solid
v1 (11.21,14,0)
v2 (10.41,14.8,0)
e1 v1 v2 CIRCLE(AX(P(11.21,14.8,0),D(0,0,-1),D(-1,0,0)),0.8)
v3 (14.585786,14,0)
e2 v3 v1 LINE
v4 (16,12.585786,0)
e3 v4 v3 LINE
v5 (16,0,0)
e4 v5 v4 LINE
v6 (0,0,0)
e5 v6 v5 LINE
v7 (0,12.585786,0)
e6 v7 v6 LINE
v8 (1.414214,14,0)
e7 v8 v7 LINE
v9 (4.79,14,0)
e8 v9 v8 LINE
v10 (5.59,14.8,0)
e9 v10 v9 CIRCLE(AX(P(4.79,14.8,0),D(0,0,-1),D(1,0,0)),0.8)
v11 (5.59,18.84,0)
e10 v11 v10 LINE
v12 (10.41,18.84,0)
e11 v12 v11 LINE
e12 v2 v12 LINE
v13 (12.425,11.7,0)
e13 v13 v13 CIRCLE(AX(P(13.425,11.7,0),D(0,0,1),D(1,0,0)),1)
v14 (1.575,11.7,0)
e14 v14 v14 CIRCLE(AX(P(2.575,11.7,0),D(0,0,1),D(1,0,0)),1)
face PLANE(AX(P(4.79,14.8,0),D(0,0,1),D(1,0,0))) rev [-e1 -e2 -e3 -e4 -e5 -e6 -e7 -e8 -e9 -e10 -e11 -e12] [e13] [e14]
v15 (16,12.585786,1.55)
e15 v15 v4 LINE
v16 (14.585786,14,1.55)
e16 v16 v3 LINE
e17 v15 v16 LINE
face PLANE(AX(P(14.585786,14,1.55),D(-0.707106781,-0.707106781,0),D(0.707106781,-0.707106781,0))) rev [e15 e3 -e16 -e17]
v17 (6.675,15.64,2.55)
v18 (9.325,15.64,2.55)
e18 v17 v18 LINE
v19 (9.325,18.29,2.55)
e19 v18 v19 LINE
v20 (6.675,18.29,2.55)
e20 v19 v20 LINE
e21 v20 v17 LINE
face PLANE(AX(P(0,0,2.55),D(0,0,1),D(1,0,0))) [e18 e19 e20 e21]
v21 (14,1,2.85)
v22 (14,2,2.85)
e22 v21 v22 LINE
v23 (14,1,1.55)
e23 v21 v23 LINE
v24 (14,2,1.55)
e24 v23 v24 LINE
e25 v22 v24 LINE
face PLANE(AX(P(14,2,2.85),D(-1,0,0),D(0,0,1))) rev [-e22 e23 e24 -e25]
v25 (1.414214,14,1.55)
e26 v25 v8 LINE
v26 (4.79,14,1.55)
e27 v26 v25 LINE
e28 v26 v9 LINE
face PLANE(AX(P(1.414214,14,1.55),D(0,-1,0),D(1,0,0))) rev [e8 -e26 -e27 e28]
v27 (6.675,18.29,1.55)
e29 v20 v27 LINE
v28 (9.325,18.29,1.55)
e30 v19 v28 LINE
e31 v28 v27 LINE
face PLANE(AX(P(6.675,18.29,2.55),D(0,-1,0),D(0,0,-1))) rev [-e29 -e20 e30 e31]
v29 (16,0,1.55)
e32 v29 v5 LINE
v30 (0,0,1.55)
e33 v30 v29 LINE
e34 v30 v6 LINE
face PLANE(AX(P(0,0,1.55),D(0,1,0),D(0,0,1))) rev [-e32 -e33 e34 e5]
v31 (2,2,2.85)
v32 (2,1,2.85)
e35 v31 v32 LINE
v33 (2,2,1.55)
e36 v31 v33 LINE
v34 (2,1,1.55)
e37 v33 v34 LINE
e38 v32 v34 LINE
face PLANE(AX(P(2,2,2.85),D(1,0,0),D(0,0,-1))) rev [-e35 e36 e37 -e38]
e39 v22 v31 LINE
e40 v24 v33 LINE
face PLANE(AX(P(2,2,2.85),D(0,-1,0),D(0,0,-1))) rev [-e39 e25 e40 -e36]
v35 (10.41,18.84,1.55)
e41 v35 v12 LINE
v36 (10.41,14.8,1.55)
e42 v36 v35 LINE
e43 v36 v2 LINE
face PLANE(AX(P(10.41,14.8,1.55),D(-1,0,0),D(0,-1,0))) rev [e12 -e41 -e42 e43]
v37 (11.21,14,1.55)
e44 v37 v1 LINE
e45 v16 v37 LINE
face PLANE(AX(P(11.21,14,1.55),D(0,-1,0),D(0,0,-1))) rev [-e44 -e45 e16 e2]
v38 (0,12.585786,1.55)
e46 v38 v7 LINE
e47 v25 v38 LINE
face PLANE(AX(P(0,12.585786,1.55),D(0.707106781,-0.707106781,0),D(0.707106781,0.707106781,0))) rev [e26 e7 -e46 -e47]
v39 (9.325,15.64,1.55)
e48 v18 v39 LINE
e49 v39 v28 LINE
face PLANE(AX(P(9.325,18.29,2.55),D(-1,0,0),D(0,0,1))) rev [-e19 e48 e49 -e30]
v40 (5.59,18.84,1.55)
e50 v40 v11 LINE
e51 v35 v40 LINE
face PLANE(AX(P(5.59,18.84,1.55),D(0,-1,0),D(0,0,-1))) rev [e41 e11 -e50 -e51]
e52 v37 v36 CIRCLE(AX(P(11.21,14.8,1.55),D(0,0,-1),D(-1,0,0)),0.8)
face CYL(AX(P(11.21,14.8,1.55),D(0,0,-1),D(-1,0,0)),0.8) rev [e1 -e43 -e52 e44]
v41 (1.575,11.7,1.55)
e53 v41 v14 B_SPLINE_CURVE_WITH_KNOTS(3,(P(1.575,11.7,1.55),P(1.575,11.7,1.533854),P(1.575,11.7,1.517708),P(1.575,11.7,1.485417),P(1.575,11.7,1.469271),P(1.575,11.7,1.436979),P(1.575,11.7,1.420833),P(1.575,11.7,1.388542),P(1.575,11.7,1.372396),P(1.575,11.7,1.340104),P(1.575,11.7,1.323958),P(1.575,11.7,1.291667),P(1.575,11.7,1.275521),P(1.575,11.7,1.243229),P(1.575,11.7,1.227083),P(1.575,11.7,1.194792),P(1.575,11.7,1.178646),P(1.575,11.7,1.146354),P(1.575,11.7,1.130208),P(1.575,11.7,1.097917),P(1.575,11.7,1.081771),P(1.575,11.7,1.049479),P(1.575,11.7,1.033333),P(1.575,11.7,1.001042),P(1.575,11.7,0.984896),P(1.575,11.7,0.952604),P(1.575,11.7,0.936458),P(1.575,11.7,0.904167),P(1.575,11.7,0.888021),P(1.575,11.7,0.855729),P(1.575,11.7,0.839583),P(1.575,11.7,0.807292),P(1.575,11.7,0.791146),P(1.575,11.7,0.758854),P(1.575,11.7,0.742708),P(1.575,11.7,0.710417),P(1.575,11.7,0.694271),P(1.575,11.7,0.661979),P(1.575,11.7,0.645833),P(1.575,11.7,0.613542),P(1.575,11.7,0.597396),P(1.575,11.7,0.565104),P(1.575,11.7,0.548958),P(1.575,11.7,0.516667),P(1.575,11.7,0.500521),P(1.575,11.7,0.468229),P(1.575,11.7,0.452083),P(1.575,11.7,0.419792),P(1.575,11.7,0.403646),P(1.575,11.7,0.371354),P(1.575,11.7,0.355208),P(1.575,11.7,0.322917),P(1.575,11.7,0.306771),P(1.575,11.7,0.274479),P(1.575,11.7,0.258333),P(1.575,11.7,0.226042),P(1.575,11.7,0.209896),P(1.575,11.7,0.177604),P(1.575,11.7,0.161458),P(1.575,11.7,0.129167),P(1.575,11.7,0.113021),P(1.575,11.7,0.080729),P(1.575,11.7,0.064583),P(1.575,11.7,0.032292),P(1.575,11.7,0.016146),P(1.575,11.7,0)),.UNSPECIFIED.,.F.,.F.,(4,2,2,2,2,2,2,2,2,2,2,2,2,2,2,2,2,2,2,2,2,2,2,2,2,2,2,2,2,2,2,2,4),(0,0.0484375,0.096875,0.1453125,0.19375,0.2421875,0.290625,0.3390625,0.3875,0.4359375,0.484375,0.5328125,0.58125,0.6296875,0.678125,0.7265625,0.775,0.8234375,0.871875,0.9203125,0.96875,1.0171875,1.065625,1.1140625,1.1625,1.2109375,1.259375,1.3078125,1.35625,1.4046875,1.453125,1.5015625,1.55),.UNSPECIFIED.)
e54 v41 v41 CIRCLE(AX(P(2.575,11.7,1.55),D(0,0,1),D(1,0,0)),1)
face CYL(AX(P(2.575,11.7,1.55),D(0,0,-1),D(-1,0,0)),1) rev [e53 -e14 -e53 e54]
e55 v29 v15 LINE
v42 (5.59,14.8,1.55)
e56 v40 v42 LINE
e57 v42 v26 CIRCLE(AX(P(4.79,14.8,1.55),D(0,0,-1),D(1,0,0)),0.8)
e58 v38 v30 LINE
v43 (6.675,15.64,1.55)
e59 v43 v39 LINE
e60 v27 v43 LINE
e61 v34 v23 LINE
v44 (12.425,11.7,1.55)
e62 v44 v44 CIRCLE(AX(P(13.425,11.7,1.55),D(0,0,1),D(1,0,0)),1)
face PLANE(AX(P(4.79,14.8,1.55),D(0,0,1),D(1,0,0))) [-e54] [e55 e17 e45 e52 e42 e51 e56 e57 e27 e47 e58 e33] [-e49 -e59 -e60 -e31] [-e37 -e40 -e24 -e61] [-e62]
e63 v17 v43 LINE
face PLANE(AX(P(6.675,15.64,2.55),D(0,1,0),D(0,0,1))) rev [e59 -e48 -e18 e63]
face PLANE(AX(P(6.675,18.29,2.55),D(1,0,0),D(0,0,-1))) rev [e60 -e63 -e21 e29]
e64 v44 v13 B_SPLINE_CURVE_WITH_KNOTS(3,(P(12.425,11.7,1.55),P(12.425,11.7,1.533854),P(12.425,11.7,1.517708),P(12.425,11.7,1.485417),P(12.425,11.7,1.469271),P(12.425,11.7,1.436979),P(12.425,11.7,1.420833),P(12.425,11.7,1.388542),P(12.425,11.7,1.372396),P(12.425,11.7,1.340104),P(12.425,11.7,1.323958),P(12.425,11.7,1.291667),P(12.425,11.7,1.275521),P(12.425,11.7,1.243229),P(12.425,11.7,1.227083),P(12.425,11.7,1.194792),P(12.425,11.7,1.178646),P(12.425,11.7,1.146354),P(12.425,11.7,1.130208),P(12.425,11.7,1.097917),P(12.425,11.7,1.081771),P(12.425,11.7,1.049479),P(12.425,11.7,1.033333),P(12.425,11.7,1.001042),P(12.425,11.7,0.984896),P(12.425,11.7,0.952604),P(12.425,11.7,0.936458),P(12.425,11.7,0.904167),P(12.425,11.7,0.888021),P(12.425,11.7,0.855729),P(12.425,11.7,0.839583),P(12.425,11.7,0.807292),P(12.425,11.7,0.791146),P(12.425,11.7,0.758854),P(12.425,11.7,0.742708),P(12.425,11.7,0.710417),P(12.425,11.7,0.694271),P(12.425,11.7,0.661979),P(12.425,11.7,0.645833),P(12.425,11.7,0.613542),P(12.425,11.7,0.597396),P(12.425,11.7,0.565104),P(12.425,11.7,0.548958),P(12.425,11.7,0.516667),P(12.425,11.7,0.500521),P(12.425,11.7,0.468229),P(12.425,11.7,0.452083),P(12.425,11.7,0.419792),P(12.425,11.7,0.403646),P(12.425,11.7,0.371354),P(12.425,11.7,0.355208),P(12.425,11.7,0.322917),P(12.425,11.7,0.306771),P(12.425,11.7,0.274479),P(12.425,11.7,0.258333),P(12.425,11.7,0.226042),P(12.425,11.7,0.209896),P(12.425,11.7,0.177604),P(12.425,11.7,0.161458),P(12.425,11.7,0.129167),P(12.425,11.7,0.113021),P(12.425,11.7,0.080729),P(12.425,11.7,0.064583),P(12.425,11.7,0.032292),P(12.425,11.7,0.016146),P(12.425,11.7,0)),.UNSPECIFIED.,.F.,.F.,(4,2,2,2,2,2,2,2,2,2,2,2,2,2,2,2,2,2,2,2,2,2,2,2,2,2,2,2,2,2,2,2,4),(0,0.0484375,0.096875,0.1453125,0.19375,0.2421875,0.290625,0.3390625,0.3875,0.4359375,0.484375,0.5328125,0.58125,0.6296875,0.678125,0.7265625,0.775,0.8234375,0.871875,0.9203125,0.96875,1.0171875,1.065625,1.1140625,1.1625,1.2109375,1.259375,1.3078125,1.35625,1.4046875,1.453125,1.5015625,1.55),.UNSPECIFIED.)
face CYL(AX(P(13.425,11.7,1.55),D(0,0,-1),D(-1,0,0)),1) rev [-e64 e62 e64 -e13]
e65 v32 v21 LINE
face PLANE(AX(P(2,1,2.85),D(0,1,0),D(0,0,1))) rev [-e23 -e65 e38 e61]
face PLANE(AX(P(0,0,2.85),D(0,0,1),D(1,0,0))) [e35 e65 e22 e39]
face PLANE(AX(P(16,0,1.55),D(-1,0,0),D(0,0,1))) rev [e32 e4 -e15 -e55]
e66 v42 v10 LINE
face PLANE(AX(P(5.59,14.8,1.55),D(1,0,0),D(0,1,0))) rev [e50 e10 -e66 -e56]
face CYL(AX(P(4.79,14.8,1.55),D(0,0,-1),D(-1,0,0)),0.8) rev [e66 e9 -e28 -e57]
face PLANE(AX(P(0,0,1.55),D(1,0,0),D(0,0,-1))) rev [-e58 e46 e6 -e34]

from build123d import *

# Parameters (mm, degrees)
SKETCH1_R           = 1
BOSS_EXTRUDE1_DEPTH = 1.55
SKETCH2_W           = 2.65
SKETCH2_H           = 2.65
BOSS_EXTRUDE2_DEPTH = 1
SKETCH3_W           = 12
SKETCH3_H           = 1
BOSS_EXTRUDE3_DEPTH = 1.3


with BuildPart() as part:
    # Sketch1 → Boss-Extrude1 (new body)
    with BuildSketch(Plane.XY):
        with BuildLine():
            Line((11.21, 14), (14.585786438, 14))
            Line((14.585786438, 14), (16, 12.585786438))
            Line((16, 12.585786438), (16, 0))
            Line((16, 0), (0, 0))
            Line((0, 0), (0, 12.585786438))
            Line((0, 12.585786438), (1.414213562, 14))
            Line((1.414213562, 14), (4.79, 14))
            ThreePointArc((4.79, 14), (5.355685425, 14.234314575), (5.59, 14.8))
            Line((5.59, 14.8), (5.59, 18.84))
            Line((5.59, 18.84), (10.41, 18.84))
            Line((10.41, 18.84), (10.41, 14.8))
            ThreePointArc((10.41, 14.8), (10.644314575, 14.234314575), (11.21, 14))
        make_face()
        with Locations(Location((2.575, 11.7, 0), (0, 0, 180))):
            Circle(SKETCH1_R, mode=Mode.SUBTRACT)
        with Locations(Location((13.425, 11.7, 0), (0, 0, 180))):
            Circle(SKETCH1_R, mode=Mode.SUBTRACT)
    extrude(amount=BOSS_EXTRUDE1_DEPTH)

    # Sketch2 → Boss-Extrude2 (add)
    with BuildSketch(Plane.XY.offset(1.55)):
        with Locations((8, 16.965)):
            Rectangle(SKETCH2_W, SKETCH2_H)
    extrude(amount=BOSS_EXTRUDE2_DEPTH)

    # Sketch3 → Boss-Extrude3 (add)
    with BuildSketch(Plane.XY.offset(1.55)):
        with Locations((8, 1.5)):
            Rectangle(SKETCH3_W, SKETCH3_H)
    extrude(amount=BOSS_EXTRUDE3_DEPTH)


solid = part.part
